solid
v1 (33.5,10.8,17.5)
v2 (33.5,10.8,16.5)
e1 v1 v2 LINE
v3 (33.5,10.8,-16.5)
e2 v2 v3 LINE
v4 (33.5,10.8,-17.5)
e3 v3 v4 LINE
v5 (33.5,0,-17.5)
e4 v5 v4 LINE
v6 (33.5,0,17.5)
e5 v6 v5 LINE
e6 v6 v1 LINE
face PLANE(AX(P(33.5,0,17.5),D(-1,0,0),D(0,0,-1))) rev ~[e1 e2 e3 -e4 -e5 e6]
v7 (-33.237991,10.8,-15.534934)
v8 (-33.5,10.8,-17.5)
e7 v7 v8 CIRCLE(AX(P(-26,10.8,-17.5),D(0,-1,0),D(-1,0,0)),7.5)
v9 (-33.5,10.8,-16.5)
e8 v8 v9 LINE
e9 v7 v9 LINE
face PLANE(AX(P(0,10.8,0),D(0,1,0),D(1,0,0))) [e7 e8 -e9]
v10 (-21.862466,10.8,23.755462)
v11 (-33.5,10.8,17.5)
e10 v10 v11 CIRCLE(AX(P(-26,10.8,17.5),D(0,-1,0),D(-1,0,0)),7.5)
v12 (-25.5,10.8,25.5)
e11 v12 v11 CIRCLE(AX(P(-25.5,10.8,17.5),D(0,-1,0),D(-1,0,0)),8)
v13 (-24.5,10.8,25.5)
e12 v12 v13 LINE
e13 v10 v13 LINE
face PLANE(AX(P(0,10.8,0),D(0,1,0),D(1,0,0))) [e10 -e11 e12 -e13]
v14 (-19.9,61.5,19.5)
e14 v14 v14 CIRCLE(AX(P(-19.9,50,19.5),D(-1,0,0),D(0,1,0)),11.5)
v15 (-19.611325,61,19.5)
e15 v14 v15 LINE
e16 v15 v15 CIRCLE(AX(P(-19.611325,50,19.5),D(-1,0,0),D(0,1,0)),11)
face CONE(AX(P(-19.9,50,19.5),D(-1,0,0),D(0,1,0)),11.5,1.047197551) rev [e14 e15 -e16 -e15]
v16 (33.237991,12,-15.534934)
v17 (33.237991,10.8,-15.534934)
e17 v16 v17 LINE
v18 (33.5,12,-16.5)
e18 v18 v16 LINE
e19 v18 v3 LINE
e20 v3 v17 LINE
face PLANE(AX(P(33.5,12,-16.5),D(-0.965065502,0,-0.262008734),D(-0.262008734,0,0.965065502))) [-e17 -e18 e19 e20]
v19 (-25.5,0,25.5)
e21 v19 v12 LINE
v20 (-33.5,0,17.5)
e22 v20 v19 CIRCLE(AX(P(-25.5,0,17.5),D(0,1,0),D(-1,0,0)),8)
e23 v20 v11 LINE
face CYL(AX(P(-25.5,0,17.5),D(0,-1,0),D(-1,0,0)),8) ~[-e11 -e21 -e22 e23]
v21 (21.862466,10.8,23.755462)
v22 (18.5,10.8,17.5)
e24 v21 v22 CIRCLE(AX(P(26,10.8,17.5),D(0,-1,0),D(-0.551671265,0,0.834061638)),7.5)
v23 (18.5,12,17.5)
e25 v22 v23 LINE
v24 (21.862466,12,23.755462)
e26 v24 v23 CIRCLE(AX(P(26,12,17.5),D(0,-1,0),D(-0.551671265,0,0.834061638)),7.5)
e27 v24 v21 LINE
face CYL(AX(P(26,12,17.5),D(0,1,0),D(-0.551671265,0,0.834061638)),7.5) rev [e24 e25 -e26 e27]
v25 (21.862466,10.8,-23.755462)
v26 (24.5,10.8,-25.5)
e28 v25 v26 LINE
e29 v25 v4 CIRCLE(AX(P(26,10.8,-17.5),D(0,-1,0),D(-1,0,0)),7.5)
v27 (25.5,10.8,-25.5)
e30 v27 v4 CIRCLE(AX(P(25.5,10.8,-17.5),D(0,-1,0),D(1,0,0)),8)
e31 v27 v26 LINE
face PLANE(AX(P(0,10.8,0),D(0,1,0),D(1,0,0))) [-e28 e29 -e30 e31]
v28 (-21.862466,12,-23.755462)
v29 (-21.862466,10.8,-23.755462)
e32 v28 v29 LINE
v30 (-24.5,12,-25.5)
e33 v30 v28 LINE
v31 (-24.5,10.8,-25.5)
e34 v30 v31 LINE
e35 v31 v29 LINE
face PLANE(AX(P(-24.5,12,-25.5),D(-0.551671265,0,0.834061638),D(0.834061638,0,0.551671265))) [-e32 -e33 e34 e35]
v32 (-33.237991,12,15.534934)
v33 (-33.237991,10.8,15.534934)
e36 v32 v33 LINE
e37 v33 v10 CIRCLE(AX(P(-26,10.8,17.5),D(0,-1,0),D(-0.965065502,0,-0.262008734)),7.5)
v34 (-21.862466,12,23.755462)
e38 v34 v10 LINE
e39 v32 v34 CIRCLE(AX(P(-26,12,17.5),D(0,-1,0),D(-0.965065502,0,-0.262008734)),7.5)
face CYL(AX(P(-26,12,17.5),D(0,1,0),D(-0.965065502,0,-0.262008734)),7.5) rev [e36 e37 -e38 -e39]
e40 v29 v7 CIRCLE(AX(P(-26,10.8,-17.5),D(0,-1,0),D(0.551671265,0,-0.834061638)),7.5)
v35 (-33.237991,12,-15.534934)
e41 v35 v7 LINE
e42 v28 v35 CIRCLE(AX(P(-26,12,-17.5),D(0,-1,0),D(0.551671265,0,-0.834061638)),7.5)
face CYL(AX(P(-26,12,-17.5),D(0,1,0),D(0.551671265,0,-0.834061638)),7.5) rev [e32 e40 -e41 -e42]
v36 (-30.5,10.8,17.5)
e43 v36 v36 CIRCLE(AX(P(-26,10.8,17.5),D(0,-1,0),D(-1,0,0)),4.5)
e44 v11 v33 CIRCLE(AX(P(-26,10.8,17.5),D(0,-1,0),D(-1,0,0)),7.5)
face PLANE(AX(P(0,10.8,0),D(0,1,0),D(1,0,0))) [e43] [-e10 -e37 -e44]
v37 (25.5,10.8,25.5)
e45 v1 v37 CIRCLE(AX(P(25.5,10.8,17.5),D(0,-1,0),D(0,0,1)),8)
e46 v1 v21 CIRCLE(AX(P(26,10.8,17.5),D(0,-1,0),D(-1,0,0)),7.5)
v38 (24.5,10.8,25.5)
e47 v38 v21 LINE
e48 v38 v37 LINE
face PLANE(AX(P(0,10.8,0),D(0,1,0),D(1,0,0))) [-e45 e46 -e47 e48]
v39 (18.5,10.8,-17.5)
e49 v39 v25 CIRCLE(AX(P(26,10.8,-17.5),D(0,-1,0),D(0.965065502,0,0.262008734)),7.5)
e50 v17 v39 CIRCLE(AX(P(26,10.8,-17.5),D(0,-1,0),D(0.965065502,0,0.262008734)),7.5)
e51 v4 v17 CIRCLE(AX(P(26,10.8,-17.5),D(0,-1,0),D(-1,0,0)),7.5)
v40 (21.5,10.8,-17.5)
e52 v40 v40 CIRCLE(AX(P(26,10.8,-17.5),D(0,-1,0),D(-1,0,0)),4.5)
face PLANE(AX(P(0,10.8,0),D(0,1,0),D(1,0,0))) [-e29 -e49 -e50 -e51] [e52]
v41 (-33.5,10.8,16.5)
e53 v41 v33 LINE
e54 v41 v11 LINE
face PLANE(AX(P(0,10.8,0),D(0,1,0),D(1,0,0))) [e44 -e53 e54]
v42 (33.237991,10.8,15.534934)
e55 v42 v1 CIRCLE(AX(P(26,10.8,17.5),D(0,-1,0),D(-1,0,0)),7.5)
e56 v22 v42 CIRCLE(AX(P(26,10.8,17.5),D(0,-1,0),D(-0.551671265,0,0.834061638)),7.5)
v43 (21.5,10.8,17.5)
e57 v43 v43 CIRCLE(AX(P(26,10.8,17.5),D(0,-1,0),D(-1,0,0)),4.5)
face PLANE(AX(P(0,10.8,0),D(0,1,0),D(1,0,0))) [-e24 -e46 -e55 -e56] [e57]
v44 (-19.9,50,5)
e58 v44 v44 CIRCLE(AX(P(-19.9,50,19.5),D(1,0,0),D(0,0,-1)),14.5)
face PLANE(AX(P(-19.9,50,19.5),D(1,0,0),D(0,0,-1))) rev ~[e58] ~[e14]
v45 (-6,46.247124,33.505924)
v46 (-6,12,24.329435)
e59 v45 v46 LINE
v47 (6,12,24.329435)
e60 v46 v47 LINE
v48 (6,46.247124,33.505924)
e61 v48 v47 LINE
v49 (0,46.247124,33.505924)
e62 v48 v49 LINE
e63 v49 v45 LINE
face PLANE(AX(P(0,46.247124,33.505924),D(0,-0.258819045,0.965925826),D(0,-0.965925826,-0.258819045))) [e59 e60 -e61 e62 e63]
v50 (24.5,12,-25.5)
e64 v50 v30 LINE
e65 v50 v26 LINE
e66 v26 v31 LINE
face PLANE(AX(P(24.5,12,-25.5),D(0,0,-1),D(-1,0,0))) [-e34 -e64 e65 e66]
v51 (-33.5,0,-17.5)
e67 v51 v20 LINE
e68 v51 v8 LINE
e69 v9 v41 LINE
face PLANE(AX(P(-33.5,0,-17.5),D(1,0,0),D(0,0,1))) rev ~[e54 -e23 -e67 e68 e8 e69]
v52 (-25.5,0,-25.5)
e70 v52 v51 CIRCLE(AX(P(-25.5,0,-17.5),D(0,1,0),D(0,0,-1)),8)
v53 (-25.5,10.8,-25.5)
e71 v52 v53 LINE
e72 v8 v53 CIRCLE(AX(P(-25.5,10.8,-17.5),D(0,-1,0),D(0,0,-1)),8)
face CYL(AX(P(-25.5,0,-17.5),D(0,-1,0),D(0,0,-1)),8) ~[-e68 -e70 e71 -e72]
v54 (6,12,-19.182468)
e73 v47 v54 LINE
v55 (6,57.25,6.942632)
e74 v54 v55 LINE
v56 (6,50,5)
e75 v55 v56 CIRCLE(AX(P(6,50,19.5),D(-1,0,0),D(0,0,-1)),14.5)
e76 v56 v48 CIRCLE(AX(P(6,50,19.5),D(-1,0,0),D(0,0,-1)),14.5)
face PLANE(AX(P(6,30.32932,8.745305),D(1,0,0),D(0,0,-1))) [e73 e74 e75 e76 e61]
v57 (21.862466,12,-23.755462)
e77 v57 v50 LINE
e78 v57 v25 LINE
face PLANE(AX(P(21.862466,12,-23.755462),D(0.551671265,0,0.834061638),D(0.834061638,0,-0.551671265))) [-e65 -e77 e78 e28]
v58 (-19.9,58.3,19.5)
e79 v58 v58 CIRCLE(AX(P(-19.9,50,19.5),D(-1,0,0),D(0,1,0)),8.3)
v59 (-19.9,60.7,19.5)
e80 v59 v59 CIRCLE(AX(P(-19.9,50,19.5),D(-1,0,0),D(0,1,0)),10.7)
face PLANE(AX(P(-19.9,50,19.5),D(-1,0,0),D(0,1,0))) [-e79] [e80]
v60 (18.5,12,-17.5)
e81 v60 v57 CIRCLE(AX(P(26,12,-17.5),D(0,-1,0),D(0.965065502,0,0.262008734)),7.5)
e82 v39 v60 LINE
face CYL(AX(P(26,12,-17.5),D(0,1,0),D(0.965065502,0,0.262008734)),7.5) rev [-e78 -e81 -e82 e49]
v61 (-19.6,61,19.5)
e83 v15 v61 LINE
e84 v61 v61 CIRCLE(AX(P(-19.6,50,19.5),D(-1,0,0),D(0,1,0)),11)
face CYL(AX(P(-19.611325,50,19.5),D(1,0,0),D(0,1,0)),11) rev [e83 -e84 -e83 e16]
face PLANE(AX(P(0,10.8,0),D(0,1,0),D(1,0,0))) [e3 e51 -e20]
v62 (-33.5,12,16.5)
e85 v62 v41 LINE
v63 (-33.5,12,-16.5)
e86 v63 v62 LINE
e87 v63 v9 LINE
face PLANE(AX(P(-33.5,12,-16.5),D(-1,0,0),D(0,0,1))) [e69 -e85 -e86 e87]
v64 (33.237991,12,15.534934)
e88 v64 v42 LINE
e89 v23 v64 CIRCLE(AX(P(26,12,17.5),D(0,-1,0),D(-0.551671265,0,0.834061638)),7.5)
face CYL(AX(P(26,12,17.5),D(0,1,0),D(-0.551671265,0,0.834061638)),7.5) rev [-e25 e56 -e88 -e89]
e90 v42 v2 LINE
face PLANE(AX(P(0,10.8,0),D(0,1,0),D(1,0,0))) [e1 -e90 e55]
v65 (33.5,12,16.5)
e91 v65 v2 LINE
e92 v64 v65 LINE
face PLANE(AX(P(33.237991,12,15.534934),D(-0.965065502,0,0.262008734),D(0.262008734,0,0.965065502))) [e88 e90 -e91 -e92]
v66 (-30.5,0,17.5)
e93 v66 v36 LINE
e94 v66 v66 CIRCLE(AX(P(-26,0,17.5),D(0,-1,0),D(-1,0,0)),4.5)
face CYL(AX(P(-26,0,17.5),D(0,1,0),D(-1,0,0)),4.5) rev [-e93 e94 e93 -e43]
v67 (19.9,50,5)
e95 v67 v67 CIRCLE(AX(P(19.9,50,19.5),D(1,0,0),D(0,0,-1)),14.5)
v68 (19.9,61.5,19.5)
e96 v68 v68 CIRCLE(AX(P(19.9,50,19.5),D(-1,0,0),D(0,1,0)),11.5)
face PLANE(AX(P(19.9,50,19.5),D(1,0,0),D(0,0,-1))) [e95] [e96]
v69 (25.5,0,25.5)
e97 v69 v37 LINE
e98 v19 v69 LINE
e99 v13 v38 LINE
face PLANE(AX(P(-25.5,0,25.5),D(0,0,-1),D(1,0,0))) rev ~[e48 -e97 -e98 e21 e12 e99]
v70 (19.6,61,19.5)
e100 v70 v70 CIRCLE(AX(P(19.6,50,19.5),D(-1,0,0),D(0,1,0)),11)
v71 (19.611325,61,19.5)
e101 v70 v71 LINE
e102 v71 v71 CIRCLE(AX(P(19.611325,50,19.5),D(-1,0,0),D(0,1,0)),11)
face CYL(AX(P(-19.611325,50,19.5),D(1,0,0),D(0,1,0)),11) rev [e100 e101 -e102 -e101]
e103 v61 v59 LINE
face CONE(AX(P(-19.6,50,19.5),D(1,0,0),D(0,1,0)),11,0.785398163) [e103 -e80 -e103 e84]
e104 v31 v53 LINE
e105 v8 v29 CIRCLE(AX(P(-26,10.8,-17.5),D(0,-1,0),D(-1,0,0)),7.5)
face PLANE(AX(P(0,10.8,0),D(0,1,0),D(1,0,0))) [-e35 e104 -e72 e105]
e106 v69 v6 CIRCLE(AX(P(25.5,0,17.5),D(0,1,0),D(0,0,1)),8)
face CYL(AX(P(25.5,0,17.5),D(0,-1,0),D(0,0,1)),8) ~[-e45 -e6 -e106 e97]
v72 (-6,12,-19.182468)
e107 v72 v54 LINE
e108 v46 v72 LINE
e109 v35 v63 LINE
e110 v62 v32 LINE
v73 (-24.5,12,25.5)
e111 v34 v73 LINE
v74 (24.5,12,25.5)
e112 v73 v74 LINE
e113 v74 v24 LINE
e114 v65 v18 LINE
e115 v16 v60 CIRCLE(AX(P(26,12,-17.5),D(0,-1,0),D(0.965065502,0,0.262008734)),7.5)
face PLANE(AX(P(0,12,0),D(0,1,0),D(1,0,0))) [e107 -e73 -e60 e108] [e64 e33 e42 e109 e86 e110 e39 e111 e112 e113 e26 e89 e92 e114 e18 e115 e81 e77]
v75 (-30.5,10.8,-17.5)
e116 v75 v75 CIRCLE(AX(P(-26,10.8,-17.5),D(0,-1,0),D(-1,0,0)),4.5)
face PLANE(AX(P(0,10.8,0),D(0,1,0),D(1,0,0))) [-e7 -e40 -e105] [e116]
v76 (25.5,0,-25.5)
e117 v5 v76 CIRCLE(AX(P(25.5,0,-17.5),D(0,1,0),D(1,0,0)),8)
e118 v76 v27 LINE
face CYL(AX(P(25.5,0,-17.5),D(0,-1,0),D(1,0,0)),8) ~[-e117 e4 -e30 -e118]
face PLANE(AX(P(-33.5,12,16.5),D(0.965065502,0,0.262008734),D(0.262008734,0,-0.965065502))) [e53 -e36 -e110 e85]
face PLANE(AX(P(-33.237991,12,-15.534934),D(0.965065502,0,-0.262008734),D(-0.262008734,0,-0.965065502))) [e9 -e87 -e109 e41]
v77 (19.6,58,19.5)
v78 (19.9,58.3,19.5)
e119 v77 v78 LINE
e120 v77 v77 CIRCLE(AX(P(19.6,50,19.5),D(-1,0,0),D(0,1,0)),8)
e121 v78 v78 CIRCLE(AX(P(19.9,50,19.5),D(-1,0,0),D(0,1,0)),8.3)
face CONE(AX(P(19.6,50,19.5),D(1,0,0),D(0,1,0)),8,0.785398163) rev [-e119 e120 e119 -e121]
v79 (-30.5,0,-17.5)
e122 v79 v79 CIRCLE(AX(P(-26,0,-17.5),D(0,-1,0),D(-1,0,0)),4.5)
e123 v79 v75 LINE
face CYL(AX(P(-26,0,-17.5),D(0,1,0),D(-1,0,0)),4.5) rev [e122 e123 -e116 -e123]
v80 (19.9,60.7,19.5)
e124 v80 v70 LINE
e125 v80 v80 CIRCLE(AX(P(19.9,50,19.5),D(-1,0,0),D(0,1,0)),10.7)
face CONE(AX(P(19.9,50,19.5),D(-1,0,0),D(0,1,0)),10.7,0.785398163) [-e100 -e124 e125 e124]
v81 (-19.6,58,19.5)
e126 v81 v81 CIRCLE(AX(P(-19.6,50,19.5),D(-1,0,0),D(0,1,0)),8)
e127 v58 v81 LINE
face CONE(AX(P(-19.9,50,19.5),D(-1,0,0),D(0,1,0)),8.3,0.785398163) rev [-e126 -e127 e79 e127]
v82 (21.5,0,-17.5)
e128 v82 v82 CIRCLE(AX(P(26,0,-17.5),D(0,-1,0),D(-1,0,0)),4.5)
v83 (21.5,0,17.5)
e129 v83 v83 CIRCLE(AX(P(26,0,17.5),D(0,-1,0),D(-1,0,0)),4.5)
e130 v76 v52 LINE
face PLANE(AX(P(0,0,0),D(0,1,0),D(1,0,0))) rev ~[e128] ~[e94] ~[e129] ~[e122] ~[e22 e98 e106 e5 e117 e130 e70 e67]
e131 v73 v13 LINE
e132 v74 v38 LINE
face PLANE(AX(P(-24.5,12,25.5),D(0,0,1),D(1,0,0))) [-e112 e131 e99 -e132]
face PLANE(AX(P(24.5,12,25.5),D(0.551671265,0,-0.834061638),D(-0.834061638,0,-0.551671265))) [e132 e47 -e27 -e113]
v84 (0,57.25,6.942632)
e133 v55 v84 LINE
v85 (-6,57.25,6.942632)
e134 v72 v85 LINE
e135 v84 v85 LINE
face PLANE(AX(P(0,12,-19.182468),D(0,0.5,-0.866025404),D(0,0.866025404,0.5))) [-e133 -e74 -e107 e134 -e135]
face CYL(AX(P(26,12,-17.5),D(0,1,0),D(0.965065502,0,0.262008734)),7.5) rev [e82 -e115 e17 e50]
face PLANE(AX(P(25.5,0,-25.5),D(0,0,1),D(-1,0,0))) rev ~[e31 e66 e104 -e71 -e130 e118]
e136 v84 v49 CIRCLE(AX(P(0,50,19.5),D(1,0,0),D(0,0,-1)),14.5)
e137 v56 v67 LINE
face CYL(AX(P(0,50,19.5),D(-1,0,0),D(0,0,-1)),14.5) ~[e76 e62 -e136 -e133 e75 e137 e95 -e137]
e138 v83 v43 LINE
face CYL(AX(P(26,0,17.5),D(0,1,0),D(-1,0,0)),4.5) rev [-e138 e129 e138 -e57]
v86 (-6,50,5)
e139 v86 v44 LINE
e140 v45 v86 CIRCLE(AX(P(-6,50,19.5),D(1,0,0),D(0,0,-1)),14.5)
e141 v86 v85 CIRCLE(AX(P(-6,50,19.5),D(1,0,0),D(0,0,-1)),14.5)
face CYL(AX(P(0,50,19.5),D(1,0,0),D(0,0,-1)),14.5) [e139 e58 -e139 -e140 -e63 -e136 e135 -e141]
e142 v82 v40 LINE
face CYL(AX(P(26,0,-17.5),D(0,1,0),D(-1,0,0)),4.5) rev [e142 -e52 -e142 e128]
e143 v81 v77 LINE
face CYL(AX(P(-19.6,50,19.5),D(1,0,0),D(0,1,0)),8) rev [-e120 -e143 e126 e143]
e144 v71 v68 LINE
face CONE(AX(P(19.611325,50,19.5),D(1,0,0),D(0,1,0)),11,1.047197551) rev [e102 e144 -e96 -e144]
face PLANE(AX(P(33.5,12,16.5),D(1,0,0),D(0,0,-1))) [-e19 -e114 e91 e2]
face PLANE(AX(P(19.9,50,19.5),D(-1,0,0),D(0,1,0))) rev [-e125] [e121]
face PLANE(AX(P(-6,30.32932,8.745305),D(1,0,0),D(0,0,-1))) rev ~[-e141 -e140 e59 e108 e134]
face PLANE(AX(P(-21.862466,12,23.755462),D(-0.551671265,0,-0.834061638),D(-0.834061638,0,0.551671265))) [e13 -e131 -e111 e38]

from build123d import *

# Parameters (mm, degrees)
BOSS_EXTRUDE1_DEPTH      = 12
BOSS_EXTRUDE2_DEPTH      = 6
BOSS_EXTRUDE2_DEPTH_BACK = 6
SKETCH3_R                = 14.5
BOSS_EXTRUDE3_DEPTH      = 19.9
BOSS_EXTRUDE3_DEPTH_BACK = 19.9
SKETCH4_W                = 134
SKETCH4_H                = 102
CUT_EXTRUDE1_DEPTH       = 1.2


with BuildPart() as part:
    # Sketch1 → Boss-Extrude1 (new body)
    with BuildSketch(Plane(origin=(0, 0, 0), x_dir=(1, 0, 0), z_dir=(0, 1, 0))):
        with BuildLine():
            Line((-25.5, -25.5), (25.5, -25.5))
            ThreePointArc((25.5, -25.5), (31.156854249, -23.156854249), (33.5, -17.5))
            Line((33.5, -17.5), (33.5, 17.5))
            ThreePointArc((33.5, 17.5), (31.156854249, 23.156854249), (25.5, 25.5))
            Line((25.5, 25.5), (-25.5, 25.5))
            ThreePointArc((-25.5, 25.5), (-31.156854249, 23.156854249), (-33.5, 17.5))
            Line((-33.5, 17.5), (-33.5, -17.5))
            ThreePointArc((-33.5, -17.5), (-31.156854249, -23.156854249), (-25.5, -25.5))
        make_face()
    extrude(amount=BOSS_EXTRUDE1_DEPTH)

    # Sketch2 → Boss-Extrude2 (add, two sides)
    with BuildSketch(Plane(origin=(0, 0, 0), x_dir=(0, 0, -1), z_dir=(1, 0, 0))) as boss_extrude2_sk:
        Polygon((-33.505924481, 46.247123846), (-24.329435304, 12), (19.182468036, 12), (-6.942631645, 57.25), align=None)
    extrude(amount=BOSS_EXTRUDE2_DEPTH)
    extrude(boss_extrude2_sk.sketch, amount=-BOSS_EXTRUDE2_DEPTH_BACK)

    # Sketch3 → Boss-Extrude3 (add, two sides)
    with BuildSketch(Plane(origin=(0, 0, 0), x_dir=(0, 0, -1), z_dir=(1, 0, 0))) as boss_extrude3_sk:
        with Locations((-19.5, 50)):
            Circle(SKETCH3_R)
    extrude(amount=BOSS_EXTRUDE3_DEPTH)
    extrude(boss_extrude3_sk.sketch, amount=-BOSS_EXTRUDE3_DEPTH_BACK)

    # Sketch4 → Cut-Extrude1 (cut)
    with BuildSketch(Plane(origin=(0, 12, 0), x_dir=(1, 0, 0), z_dir=(0, 1, 0))):
        Rectangle(SKETCH4_W, SKETCH4_H)
        with BuildLine():
            Line((-33.5, 16.5), (-33.5, -16.5))
            Line((-33.5, -16.5), (-33.237991266, -15.534934498))
            ThreePointArc((-33.237991266, -15.534934498), (-21.607110594, -11.421141335), (-21.862465515, -23.755462284))
            Line((-21.862465515, -23.755462284), (-24.5, -25.5))
            Line((-24.5, -25.5), (24.5, -25.5))
            Line((24.5, -25.5), (21.862465515, -23.755462284))
            ThreePointArc((21.862465515, -23.755462284), (21.607110594, -11.421141335), (33.237991266, -15.534934498))
            Line((33.237991266, -15.534934498), (33.5, -16.5))
            Line((33.5, -16.5), (33.5, 16.5))
            Line((33.5, 16.5), (33.237991266, 15.534934498))
            ThreePointArc((33.237991266, 15.534934498), (21.607110594, 11.421141335), (21.862465515, 23.755462284))
            Line((21.862465515, 23.755462284), (24.5, 25.5))
            Line((24.5, 25.5), (-24.5, 25.5))
            Line((-24.5, 25.5), (-21.862465515, 23.755462284))
            ThreePointArc((-21.862465515, 23.755462284), (-21.607110594, 11.421141335), (-33.237991266, 15.534934498))
            Line((-33.237991266, 15.534934498), (-33.5, 16.5))
        make_face(mode=Mode.SUBTRACT)
    extrude(amount=-CUT_EXTRUDE1_DEPTH, mode=Mode.SUBTRACT)

    # Sketch5 → Cut-Revolve1 (revolve, cut)
    with BuildSketch(Plane.XY.offset(17.5)):
        Polygon((-26, 0), (-30.5, 0), (-30.5, 10.8), (-33.5, 10.8), (-33.5, 12), (-26, 12), align=None)
    revolve(axis=Axis((-26, 12, 17.5), (0, -1, 0)), mode=Mode.SUBTRACT)

    # Sketch6 → Cut-Revolve2 (revolve, cut)
    with BuildSketch(Plane.XY.offset(-17.5)):
        Polygon((-26, 0), (-30.5, 0), (-30.5, 10.8), (-33.5, 10.8), (-33.5, 12), (-26, 12), align=None)
    revolve(axis=Axis((-26, 12, -17.5), (0, -1, 0)), mode=Mode.SUBTRACT)

    # Sketch7 → Cut-Revolve3 (revolve, cut)
    with BuildSketch(Plane.XY.offset(17.5)):
        Polygon((26, 0), (21.5, 0), (21.5, 10.8), (18.5, 10.8), (18.5, 12), (26, 12), align=None)
    revolve(axis=Axis((26, 12, 17.5), (0, -1, 0)), mode=Mode.SUBTRACT)

    # Sketch8 → Cut-Revolve4 (revolve, cut)
    with BuildSketch(Plane.XY.offset(-17.5)):
        Polygon((26, 0), (21.5, 0), (21.5, 10.8), (18.5, 10.8), (18.5, 12), (26, 12), align=None)
    revolve(axis=Axis((26, 12, -17.5), (0, -1, 0)), mode=Mode.SUBTRACT)

    # Sketch9 → Cut-Revolve5 (revolve, cut)
    with BuildSketch(Plane.XY.offset(19.5)):
        Polygon((-19.9, 50), (-19.9, 61.5), (-19.611324865, 61), (19.611324865, 61), (19.9, 61.5), (19.9, 50), align=None)
    revolve(axis=Axis((19.9, 50, 19.5), (-1, 0, 0)), mode=Mode.SUBTRACT)

    # Sketch10 → Revolve1 (revolve)
    with BuildSketch(Plane.XY.offset(19.5)):
        Polygon((-19.9, 58.3), (-19.6, 58), (19.6, 58), (19.9, 58.3), (19.9, 60.7), (19.6, 61), (-19.6, 61), (-19.9, 60.7), align=None)
    revolve(axis=Axis((19.9, 50, 19.5), (-1, 0, 0)))


solid = part.part
